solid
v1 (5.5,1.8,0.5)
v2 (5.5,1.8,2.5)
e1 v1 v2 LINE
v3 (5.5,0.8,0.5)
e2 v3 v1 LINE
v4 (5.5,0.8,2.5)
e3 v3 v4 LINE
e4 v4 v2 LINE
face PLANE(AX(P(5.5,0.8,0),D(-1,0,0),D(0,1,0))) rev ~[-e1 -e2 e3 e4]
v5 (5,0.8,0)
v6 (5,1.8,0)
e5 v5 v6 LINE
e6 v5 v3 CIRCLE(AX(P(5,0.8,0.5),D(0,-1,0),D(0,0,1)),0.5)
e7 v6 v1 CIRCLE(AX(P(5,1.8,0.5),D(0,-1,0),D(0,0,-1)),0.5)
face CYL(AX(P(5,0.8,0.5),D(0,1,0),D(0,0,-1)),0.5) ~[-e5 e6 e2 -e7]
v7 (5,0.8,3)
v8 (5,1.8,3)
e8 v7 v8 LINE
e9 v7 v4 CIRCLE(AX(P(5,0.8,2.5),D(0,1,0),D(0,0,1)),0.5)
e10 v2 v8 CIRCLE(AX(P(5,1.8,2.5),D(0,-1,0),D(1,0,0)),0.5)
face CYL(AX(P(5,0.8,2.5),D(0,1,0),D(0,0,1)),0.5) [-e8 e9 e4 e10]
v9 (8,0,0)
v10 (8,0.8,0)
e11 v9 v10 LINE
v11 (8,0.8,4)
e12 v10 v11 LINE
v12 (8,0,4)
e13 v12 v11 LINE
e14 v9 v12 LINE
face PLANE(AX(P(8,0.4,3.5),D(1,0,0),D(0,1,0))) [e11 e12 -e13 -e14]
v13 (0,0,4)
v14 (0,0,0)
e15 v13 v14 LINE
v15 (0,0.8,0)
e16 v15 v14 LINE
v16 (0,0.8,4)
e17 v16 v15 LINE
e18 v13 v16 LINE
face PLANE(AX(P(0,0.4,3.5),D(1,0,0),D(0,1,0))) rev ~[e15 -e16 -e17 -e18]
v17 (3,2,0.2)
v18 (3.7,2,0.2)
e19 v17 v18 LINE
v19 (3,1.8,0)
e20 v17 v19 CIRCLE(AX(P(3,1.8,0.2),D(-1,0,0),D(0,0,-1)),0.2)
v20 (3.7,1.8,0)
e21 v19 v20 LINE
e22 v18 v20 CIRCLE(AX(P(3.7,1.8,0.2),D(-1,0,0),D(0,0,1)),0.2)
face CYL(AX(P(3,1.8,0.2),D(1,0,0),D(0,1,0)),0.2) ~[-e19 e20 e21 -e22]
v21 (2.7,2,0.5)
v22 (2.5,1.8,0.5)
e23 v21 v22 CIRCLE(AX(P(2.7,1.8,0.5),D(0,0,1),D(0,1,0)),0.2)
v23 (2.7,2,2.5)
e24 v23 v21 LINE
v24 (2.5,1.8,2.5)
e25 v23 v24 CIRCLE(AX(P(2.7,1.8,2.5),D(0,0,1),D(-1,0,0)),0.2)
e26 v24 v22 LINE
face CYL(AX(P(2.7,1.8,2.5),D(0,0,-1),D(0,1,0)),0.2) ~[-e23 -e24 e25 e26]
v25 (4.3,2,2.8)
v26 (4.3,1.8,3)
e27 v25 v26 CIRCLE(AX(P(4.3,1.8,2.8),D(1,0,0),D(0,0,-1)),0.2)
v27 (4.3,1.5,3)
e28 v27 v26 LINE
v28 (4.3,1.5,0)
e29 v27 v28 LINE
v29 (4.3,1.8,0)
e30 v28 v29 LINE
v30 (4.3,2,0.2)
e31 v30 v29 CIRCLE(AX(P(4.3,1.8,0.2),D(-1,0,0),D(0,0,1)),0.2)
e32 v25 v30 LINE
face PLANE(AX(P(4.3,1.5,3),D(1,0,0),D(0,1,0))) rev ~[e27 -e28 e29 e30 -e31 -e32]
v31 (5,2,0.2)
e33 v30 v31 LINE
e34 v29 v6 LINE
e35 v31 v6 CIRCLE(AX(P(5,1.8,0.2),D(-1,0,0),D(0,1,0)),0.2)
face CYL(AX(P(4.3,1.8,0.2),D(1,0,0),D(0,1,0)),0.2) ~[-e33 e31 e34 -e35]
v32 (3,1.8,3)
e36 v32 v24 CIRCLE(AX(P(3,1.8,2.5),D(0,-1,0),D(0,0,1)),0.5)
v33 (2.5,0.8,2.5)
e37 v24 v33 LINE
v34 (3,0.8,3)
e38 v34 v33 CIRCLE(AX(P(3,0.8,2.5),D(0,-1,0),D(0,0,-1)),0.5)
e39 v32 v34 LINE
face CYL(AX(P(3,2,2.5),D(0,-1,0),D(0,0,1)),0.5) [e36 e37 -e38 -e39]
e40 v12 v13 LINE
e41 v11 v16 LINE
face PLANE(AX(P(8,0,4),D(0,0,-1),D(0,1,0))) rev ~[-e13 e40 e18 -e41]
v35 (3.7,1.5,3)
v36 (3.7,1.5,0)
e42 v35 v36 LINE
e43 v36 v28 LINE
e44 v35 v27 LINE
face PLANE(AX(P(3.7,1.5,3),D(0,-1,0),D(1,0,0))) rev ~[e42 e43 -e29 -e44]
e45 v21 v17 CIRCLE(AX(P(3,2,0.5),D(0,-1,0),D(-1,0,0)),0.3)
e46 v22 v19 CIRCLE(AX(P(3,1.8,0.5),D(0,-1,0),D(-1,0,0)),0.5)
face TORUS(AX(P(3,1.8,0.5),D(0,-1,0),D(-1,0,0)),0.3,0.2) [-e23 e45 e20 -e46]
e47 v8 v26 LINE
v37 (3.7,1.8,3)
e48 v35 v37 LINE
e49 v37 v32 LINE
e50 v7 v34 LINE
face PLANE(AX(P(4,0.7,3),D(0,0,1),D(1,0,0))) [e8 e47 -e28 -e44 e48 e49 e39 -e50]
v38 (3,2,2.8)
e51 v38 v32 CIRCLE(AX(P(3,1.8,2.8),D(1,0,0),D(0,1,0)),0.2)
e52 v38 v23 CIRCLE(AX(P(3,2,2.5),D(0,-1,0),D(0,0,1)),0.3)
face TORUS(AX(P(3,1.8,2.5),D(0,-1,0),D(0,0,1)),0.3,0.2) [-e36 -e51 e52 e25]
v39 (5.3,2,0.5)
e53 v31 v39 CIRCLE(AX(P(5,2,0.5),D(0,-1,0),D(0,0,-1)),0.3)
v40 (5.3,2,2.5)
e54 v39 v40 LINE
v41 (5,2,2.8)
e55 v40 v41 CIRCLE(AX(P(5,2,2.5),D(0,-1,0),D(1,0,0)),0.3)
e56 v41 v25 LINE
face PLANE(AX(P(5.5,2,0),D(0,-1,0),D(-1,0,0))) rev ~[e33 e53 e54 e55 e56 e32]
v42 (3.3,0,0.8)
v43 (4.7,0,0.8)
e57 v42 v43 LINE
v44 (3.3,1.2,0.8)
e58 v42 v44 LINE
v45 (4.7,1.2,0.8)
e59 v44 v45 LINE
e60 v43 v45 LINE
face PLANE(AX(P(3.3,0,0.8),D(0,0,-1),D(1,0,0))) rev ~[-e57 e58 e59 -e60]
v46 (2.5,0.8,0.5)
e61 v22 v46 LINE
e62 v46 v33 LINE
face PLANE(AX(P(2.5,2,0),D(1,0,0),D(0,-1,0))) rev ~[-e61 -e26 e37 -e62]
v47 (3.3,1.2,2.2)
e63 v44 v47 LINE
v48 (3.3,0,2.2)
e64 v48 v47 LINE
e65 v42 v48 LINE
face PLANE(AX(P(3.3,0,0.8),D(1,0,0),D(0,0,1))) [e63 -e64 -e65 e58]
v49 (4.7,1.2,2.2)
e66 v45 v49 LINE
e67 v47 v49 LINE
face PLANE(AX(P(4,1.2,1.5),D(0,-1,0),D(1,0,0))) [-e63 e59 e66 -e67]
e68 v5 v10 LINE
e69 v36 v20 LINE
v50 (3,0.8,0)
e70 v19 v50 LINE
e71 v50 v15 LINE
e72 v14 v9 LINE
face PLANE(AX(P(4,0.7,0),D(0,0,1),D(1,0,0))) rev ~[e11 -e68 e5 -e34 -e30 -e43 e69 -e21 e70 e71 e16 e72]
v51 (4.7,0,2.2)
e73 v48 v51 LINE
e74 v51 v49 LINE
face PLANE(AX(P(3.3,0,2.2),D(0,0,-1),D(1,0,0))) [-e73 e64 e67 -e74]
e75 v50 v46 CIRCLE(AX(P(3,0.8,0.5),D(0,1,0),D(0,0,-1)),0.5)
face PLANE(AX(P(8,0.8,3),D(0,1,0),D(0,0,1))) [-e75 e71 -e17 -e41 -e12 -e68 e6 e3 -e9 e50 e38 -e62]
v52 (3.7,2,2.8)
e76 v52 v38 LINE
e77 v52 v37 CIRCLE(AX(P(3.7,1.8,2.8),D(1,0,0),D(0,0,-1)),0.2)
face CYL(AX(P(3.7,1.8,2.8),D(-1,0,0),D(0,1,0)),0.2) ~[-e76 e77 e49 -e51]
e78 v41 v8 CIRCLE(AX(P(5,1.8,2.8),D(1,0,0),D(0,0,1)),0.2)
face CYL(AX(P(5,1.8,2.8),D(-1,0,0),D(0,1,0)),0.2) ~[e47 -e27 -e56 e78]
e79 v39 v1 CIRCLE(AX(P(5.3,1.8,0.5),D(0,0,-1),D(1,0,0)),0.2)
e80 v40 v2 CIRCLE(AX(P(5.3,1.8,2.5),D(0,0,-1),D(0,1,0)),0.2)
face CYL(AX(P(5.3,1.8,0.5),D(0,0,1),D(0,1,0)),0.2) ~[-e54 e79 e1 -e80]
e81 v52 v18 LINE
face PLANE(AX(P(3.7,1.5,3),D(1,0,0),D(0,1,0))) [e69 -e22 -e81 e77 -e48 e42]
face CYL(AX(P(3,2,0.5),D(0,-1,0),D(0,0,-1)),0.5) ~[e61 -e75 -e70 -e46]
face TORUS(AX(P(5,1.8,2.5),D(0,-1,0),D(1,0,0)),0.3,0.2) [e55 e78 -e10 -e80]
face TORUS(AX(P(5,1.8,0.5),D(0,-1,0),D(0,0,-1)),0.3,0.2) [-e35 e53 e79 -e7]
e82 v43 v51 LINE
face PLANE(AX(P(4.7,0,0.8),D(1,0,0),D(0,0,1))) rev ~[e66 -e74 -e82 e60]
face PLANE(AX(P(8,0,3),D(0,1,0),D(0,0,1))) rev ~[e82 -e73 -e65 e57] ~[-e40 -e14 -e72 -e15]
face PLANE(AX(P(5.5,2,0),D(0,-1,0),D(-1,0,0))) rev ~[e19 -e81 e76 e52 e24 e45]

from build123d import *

# Parameters (mm, degrees)
F1_DEPTH = 3
F2_W     = 1.4
F2_H     = 1.4
F3_DEPTH = 1.2
F4_R     = 0.5
F5_W     = 0.8
F5_H     = 1
F6_DEPTH = 8
F7_W     = 0.5999999121
F7_H     = 0.5
F8_DEPTH = 3
F9_R     = 0.2


with BuildPart() as f1:
    # F0 (on Top) → F1 (new body)
    with BuildSketch(Plane.XY):
        Polygon((0, 0.8), (0, 0), (8, 0), (8, 0.8), (5.5, 0.8), (5.5, 2), (2.5, 2), (2.5, 0.8), align=None)
    extrude(amount=F1_DEPTH)

    # F2 (on face) → F3 (cut)
    with BuildSketch(Plane.XZ):
        with Locations((4, 1.5)):
            Rectangle(F2_W, F2_H)
    extrude(amount=-F3_DEPTH, mode=Mode.SUBTRACT)

    # F4
    f4_edges = [f1.edges().sort_by_distance(p)[0] for p in [
        (5.5, 1.4, 3),
        (2.5, 1.4, 3),
        (2.5, 1.4, 0),
        (5.5, 1.4, 0),
    ]]
    fillet(f4_edges, radius=F4_R)

    # F5 (on face) → F6 (join, through all)
    with BuildSketch(Plane.YZ.offset(8)):
        with Locations((0.4, 3.5)):
            Rectangle(F5_W, F5_H)
    extrude(amount=-F6_DEPTH)

    # F7 (on face) → F8 (cut, through all)
    with BuildSketch(Plane.XY.offset(3)):
        with Locations((4, 1.75)):
            Rectangle(F7_W, F7_H)
    extrude(amount=-F8_DEPTH, mode=Mode.SUBTRACT)

    # F9
    f9_edges = [f1.edges().sort_by_distance(p)[0] for p in [
        (3.35, 2, 3),
        (4.65, 2, 3),
        (5.353553, 2, 2.853553),
        (5.5, 2, 1.5),
        (5.353553, 2, 0.146447),
        (3.35, 2, 0),
        (4.65, 2, 0),
        (2.646447, 2, 0.146447),
        (2.5, 2, 1.5),
        (2.646447, 2, 2.853553),
    ]]
    fillet(f9_edges, radius=F9_R)


solid = f1.part
